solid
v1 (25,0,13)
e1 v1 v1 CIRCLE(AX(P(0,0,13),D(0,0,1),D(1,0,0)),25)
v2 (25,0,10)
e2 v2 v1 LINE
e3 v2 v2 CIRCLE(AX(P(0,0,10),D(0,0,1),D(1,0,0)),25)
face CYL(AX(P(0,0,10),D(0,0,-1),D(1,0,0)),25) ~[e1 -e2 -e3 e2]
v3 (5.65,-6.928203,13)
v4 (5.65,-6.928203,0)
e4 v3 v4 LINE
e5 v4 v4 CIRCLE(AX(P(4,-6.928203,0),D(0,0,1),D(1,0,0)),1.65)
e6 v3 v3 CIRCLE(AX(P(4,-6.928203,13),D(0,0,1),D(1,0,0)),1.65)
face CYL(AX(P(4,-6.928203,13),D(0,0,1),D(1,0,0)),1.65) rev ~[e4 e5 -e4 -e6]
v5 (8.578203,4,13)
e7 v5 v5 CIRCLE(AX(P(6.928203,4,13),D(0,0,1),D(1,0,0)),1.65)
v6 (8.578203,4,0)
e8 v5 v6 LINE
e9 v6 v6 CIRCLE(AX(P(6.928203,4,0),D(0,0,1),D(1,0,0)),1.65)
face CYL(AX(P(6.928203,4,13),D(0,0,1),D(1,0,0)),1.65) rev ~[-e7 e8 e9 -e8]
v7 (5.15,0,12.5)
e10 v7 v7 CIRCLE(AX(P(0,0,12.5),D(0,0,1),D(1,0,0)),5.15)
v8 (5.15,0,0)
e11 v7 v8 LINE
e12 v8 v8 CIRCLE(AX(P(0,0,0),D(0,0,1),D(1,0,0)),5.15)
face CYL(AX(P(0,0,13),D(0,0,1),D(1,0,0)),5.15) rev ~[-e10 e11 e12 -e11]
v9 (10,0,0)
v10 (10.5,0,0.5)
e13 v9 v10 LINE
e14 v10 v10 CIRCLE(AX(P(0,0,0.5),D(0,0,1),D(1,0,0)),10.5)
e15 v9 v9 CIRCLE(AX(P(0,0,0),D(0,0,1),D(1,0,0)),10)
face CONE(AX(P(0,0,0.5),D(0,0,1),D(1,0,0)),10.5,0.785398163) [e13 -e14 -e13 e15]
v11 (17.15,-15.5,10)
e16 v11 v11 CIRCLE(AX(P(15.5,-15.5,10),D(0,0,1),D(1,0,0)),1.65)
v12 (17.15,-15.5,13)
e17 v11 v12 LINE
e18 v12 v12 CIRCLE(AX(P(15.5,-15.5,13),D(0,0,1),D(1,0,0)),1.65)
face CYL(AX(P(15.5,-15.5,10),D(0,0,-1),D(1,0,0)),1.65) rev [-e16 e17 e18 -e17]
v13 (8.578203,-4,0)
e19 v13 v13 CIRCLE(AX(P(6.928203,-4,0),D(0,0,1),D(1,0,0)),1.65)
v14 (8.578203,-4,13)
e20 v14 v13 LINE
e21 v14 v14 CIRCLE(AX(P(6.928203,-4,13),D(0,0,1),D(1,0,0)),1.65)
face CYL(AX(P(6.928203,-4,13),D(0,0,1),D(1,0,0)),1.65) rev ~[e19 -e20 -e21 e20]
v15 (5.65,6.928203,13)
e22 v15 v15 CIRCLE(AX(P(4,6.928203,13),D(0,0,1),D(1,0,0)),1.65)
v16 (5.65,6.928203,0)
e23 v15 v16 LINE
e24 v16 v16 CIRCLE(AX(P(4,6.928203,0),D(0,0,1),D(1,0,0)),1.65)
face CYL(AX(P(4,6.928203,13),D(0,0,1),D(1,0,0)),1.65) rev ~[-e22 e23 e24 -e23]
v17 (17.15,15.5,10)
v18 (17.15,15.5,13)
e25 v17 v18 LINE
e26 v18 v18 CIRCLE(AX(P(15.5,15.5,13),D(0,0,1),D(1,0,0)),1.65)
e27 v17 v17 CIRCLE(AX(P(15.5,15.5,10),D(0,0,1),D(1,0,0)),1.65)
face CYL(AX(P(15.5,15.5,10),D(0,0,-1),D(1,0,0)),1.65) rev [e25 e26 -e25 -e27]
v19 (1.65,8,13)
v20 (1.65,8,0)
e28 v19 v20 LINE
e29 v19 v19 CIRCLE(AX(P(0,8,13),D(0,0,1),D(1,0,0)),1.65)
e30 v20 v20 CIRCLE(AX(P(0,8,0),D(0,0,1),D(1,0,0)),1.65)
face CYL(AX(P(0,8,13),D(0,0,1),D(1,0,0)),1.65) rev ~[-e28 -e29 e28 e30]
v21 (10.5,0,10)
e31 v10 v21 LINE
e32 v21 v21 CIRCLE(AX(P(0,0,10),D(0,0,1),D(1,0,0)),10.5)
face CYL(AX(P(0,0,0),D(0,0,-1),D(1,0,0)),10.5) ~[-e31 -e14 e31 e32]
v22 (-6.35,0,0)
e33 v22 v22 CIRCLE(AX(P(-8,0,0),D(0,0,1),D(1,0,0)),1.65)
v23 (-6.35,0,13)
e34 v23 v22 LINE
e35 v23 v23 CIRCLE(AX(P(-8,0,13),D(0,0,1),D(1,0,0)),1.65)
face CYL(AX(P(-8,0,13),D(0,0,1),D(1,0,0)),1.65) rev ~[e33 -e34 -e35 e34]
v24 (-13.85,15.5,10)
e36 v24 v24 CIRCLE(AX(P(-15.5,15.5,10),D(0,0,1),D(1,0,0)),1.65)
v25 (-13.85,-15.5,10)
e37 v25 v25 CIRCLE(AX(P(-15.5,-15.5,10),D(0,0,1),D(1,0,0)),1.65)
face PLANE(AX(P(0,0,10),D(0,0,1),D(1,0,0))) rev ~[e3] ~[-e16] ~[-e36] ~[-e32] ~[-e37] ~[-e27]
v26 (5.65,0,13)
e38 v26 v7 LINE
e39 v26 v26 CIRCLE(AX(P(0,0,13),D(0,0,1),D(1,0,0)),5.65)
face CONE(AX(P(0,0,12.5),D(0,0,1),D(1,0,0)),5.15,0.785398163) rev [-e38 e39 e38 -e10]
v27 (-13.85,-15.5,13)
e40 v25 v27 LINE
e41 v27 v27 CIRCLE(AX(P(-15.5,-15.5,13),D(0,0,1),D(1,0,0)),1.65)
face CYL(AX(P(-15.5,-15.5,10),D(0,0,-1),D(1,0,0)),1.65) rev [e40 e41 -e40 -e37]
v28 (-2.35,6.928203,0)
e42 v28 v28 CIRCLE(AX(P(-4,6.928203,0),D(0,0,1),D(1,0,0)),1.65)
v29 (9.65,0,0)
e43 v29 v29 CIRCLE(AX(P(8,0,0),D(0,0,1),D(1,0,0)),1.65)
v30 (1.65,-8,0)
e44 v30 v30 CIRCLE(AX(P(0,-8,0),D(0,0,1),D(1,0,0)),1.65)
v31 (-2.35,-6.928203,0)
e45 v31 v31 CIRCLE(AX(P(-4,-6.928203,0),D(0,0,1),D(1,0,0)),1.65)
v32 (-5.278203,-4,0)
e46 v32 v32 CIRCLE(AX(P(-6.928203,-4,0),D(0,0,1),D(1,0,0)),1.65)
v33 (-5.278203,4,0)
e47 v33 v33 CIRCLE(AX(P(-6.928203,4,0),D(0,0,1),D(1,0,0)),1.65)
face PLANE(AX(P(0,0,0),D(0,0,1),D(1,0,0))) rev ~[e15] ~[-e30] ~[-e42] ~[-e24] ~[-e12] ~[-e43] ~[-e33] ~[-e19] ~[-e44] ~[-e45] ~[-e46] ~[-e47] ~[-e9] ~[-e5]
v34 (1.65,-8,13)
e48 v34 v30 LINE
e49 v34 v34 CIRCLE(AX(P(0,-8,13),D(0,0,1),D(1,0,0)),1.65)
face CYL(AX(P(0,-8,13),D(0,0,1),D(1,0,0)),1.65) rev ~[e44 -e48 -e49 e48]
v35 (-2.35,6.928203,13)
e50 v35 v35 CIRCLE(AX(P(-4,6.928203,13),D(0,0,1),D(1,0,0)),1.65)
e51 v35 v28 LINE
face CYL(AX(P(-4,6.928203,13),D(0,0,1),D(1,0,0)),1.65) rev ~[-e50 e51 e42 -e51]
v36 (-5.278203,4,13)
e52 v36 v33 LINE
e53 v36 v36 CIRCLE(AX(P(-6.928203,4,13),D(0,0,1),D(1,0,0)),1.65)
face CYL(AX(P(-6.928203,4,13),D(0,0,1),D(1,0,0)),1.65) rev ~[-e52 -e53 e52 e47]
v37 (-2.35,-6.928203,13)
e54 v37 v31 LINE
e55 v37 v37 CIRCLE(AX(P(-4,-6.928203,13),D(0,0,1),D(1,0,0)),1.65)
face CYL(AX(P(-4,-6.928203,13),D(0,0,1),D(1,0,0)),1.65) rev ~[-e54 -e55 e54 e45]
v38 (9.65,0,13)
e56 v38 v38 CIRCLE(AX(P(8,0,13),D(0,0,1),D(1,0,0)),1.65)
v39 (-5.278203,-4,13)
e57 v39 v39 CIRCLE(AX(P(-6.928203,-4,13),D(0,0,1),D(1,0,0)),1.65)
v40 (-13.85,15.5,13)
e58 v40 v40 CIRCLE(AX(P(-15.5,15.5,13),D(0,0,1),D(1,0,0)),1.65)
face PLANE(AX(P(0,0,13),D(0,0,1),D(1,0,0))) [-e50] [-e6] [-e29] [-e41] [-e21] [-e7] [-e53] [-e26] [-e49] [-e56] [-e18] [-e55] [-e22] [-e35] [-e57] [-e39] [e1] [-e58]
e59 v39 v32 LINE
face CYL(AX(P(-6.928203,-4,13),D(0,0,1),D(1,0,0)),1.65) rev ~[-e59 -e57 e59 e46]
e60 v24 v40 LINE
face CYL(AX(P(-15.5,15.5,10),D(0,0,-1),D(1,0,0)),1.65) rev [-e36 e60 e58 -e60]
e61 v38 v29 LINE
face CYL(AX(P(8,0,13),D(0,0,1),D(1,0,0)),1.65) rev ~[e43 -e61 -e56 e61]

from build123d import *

# Parameters (mm, degrees)
SKETCH_R        = 10.5
PAD_DEPTH       = 10
SKETCH001_R     = 25
SKETCH001_R_2   = 1.65
PAD001_DEPTH    = 3
SKETCH002_R     = 5.15
POCKET_DEPTH    = 13.001
SKETCH003_R     = 1.65
POCKET001_DEPTH = 13.001
CHAMFER_SIZE    = 0.5
CHAMFER001_SIZE = 0.5


with BuildPart() as part:
    # Sketch → Pad (new body)
    with BuildSketch(Plane.XY):
        Circle(SKETCH_R)
    extrude(amount=PAD_DEPTH)

    # Sketch001 (on Face3 of Pad) → Pad001 (join)
    with BuildSketch(Plane.XY.offset(10)):
        Circle(SKETCH001_R)
        with Locations((-15.5, -15.5)):
            Circle(SKETCH001_R_2, mode=Mode.SUBTRACT)
        with Locations((15.5, -15.5)):
            Circle(SKETCH001_R_2, mode=Mode.SUBTRACT)
        with Locations((15.5, 15.5)):
            Circle(SKETCH001_R_2, mode=Mode.SUBTRACT)
        with Locations((-15.5, 15.5)):
            Circle(SKETCH001_R_2, mode=Mode.SUBTRACT)
    extrude(amount=PAD001_DEPTH)

    # Sketch002 (on Face3 of Pad001) → Pocket (cut, through all)
    with BuildSketch(Plane.XY.offset(13)):
        Circle(SKETCH002_R)
    extrude(amount=-POCKET_DEPTH, mode=Mode.SUBTRACT)

    # Sketch003 (on Face3 of Pocket) → Pocket001 (cut, through all)
    with BuildSketch(Plane.XY.offset(13)):
        with Locations((0, 8)):
            Circle(SKETCH003_R)
        with Locations((4, 6.928203)):
            Circle(SKETCH003_R)
        with Locations((6.928203, 4)):
            Circle(SKETCH003_R)
        with Locations((8, 0)):
            Circle(SKETCH003_R)
        with Locations((6.928203, -4)):
            Circle(SKETCH003_R)
        with Locations((4, -6.928203)):
            Circle(SKETCH003_R)
        with Locations((0, -8)):
            Circle(SKETCH003_R)
        with Locations((-4, -6.928203)):
            Circle(SKETCH003_R)
        with Locations((-6.928203, -4)):
            Circle(SKETCH003_R)
        with Locations((-8, 0)):
            Circle(SKETCH003_R)
        with Locations((-6.928203, 4)):
            Circle(SKETCH003_R)
        with Locations((-4, 6.928203)):
            Circle(SKETCH003_R)
    extrude(amount=-POCKET001_DEPTH, mode=Mode.SUBTRACT)

    # Chamfer
    chamfer_edges = [part.edges().sort_by_distance(p)[0] for p in [
        (-5.15, 0, 13),
    ]]
    chamfer(chamfer_edges, length=CHAMFER_SIZE)

    # Chamfer001
    chamfer001_edges = [part.edges().sort_by_distance(p)[0] for p in [
        (-10.5, 0, 0),
    ]]
    chamfer(chamfer001_edges, length=CHAMFER001_SIZE)


solid = part.part
